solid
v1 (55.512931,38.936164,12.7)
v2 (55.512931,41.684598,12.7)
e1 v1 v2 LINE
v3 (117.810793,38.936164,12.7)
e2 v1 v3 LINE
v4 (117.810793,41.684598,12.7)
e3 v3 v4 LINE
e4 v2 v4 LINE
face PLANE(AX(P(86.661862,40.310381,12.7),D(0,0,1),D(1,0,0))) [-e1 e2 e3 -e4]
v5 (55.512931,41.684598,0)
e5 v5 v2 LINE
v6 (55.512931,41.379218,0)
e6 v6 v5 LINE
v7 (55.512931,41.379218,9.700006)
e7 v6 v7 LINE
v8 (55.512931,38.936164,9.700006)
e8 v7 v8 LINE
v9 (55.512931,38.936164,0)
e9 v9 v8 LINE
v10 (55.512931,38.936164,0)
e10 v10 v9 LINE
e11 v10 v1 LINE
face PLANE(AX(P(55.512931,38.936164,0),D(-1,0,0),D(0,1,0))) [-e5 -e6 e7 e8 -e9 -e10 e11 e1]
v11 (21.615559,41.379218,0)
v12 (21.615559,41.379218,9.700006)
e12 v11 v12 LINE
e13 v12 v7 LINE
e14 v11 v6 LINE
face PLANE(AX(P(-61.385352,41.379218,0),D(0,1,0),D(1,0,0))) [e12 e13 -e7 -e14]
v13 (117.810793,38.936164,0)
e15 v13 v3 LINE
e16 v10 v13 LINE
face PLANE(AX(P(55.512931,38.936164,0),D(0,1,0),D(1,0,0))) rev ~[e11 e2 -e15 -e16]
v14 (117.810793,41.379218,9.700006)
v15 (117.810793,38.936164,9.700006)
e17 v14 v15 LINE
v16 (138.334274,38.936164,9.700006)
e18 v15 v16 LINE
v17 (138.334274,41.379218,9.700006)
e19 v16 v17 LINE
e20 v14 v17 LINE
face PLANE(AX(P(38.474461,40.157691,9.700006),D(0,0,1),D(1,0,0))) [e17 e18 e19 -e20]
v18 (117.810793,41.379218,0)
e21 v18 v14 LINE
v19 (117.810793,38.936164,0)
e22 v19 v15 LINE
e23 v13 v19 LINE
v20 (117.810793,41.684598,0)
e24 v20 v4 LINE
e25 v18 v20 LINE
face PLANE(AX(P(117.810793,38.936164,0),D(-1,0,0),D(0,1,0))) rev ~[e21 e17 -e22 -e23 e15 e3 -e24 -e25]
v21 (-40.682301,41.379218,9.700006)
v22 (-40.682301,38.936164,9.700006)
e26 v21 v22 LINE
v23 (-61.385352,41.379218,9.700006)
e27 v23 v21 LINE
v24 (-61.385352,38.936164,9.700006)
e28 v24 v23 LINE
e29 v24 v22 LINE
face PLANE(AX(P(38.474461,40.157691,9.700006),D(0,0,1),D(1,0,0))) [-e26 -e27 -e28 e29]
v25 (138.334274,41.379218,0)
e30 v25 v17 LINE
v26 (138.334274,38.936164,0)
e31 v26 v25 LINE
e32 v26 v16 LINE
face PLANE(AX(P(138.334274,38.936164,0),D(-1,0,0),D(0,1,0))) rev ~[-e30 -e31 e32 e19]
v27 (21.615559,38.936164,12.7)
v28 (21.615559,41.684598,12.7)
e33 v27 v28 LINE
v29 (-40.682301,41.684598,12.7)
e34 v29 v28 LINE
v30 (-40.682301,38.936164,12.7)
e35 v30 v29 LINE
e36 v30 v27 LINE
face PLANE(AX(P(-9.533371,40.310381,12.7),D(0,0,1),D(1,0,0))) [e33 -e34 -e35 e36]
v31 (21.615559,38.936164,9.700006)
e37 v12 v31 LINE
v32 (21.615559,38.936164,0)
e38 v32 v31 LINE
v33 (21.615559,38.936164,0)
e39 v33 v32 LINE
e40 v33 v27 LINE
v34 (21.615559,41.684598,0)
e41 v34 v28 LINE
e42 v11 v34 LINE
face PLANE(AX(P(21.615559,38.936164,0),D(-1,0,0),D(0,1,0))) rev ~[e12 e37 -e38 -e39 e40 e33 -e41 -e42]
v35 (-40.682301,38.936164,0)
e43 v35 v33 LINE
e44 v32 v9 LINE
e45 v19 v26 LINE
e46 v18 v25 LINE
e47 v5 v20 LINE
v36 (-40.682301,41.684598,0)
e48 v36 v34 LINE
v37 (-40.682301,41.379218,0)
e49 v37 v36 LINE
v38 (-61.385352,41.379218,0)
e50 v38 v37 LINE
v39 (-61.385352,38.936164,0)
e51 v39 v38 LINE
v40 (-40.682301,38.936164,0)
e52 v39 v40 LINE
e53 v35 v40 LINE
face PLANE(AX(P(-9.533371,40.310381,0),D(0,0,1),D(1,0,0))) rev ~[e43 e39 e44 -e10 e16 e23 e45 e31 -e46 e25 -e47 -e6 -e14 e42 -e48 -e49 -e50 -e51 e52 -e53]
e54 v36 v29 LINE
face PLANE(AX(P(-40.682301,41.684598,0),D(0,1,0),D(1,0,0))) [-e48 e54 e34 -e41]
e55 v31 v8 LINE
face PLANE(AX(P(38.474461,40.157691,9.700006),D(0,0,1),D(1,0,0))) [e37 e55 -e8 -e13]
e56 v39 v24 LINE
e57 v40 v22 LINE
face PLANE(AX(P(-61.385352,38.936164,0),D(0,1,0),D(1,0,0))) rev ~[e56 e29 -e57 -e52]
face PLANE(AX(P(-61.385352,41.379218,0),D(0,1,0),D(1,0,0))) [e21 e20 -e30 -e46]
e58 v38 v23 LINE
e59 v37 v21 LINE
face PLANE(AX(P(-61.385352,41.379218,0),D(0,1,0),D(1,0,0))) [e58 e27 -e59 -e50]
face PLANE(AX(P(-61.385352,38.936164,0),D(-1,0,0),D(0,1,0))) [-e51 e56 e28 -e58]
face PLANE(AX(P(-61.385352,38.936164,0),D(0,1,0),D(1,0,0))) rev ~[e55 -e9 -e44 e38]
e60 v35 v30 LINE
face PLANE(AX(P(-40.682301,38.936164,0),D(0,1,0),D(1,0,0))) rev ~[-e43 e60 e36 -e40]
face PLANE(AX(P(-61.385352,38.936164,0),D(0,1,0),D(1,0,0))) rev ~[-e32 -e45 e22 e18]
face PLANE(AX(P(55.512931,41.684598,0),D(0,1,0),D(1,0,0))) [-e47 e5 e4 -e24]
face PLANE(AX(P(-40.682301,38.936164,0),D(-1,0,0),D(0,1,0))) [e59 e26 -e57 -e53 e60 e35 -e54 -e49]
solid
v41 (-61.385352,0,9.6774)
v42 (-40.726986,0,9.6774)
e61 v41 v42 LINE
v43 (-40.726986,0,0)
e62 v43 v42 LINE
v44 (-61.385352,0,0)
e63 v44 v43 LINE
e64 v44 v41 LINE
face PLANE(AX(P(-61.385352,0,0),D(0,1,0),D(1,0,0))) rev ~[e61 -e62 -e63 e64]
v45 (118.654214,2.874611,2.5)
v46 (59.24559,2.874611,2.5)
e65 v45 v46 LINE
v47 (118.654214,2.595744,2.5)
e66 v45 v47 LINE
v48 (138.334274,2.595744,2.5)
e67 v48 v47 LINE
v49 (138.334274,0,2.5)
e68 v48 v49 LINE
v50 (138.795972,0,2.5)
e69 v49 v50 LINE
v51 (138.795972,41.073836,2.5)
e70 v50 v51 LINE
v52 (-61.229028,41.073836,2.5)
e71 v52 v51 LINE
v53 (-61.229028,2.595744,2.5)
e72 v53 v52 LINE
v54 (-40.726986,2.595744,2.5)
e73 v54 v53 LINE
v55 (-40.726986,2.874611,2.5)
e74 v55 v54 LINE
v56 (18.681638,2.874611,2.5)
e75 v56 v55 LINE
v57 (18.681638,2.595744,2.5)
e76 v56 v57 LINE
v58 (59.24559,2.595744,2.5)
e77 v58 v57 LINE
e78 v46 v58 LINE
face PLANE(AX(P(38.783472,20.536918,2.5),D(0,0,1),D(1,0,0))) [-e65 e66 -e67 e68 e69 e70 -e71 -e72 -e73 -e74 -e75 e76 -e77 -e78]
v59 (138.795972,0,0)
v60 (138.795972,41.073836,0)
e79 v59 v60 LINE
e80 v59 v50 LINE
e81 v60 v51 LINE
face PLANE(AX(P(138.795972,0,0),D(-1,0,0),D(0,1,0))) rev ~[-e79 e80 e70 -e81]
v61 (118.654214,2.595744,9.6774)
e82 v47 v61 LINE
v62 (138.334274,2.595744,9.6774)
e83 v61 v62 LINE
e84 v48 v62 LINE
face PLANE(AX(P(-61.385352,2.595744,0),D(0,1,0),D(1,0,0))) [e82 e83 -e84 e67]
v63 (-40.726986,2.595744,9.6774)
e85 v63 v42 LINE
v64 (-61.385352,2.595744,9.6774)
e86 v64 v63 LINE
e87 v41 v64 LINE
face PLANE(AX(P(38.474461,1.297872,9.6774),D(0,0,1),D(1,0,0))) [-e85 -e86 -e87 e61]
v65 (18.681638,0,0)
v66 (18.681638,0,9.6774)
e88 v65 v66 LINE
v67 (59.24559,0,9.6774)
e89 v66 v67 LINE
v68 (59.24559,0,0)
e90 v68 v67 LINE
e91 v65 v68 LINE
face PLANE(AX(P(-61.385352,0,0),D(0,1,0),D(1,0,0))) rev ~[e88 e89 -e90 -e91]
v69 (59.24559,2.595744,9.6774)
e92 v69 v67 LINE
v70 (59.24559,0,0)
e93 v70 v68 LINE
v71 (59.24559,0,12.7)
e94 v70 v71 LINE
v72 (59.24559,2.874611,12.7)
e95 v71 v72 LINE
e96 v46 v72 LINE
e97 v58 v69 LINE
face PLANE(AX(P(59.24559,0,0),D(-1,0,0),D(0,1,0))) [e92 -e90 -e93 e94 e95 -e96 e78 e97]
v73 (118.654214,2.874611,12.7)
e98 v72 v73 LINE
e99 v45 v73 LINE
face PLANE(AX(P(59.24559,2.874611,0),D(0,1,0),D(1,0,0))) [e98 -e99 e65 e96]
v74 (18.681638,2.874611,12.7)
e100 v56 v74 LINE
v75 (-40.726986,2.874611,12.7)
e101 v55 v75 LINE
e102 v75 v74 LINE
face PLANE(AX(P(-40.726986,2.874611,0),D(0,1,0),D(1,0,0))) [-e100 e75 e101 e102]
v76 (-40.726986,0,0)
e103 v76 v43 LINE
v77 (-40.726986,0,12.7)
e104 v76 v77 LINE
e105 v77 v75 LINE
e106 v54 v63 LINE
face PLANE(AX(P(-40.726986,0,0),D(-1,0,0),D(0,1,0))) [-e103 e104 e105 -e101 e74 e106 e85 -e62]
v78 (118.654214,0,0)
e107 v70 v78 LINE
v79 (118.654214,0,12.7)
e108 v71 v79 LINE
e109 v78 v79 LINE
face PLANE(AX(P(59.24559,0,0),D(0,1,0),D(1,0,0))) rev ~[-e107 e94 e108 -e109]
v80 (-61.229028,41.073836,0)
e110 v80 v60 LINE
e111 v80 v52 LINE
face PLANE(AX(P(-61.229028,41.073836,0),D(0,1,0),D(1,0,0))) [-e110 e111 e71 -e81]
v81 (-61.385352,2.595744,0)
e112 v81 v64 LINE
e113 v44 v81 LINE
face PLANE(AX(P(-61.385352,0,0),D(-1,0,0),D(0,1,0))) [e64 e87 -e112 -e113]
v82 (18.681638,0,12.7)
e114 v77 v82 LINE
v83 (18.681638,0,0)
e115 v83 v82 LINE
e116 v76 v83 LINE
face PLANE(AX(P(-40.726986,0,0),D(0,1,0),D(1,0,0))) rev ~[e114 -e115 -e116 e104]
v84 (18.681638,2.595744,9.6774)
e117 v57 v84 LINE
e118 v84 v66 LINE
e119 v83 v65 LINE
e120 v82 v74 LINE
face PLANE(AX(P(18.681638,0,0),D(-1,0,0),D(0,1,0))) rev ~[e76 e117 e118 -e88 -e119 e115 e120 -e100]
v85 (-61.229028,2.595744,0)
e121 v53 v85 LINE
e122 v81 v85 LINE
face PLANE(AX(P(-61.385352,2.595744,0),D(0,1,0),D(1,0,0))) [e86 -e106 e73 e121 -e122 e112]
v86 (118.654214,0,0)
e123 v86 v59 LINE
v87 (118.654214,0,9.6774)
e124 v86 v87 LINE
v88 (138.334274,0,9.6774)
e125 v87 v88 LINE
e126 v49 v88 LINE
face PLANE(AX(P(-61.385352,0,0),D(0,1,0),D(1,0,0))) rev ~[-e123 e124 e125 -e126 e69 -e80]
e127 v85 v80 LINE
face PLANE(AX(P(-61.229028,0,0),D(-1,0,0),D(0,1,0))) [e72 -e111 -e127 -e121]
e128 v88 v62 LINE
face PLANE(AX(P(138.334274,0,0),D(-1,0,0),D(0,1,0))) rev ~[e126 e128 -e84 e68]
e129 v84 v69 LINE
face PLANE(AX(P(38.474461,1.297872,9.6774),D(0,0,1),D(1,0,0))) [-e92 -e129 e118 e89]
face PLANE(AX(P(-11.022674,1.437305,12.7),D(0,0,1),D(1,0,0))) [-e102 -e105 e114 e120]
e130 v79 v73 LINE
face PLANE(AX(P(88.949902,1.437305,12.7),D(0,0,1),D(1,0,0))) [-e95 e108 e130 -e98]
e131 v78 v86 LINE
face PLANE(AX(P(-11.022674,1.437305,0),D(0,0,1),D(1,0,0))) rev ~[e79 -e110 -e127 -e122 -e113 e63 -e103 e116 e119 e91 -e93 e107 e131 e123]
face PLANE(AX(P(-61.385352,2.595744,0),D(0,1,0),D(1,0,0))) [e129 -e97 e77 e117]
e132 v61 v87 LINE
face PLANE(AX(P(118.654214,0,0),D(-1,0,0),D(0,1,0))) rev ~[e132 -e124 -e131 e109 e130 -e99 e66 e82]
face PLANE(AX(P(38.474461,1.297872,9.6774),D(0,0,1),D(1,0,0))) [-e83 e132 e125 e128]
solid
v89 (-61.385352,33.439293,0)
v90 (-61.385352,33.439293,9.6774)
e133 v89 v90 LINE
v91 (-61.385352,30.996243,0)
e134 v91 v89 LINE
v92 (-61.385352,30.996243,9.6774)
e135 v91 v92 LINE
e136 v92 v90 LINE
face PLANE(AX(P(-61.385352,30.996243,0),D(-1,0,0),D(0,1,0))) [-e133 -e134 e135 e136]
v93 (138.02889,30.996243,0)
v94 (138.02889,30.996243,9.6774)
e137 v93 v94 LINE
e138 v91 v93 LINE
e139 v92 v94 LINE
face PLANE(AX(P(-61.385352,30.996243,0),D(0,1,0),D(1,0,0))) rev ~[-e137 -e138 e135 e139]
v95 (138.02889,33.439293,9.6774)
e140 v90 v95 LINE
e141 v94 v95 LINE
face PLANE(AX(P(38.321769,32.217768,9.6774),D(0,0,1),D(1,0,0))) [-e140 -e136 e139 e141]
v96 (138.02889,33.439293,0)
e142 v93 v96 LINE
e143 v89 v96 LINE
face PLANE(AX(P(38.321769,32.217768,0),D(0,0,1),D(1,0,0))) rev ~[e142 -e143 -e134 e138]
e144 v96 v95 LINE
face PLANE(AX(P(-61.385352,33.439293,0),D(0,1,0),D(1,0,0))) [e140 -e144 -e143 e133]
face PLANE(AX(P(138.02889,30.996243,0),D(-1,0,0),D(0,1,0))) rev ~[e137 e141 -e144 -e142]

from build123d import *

# Parameters (mm, degrees)
F1_W      = 199.719626
F1_H      = 2.443053
F2_DEPTH  = 9.700006
F3_W      = 62.29786
F3_H      = 2.748434
F3_W_2    = 62.297862
F4_DEPTH  = 12.7
F5_W      = 199.414242
F5_H      = 2.443051
F6_DEPTH  = 9.6774
F0_W      = 200.025
F0_H      = 41.073836
F7_DEPTH  = 2.5
F10_W     = 199.719626
F10_H     = 2.595744
F11_DEPTH = 9.6774
F12_W     = 59.408624
F12_H     = 2.874611
F13_DEPTH = 12.7


with BuildPart() as f2:
    # F1 (on Top) → F2 (new body)
    with BuildSketch(Plane.XY):
        with Locations((38.474461, 40.157691)):
            Rectangle(F1_W, F1_H)
    extrude(amount=F2_DEPTH)

    # F3 (on Top) → F4 (join)
    with BuildSketch(Plane.XY):
        with Locations((-9.533371, 40.310381)):
            Rectangle(F3_W, F3_H)
        with Locations((86.661862, 40.310381)):
            Rectangle(F3_W_2, F3_H)
    extrude(amount=F4_DEPTH)


with BuildPart() as f6:
    # F5 (on Top) → F6 (new body)
    with BuildSketch(Plane.XY):
        with Locations((38.321769, 32.217768)):
            Rectangle(F5_W, F5_H)
    extrude(amount=F6_DEPTH)


with BuildPart() as f7:
    # F0 (on Top) → F7 (new body)
    with BuildSketch(Plane.XY):
        with Locations((38.783472, 20.536918)):
            Rectangle(F0_W, F0_H)
    extrude(amount=F7_DEPTH)

    # F10 (on Top) → F11 (join)
    with BuildSketch(Plane.XY):
        with Locations((38.474461, 1.297872)):
            Rectangle(F10_W, F10_H)
    extrude(amount=F11_DEPTH)

    # F12 (on Top) → F13 (join)
    with BuildSketch(Plane.XY):
        with Locations((-11.022674, 1.437305)):
            Rectangle(F12_W, F12_H)
        with Locations((88.949902, 1.437305)):
            Rectangle(F12_W, F12_H)
    extrude(amount=F13_DEPTH)


with BuildPart() as f8_1:
    # F8: instance of F2
    add(f2.part.mirror(Plane.XZ))


solid = Compound([f2.part, f6.part, f7.part])
